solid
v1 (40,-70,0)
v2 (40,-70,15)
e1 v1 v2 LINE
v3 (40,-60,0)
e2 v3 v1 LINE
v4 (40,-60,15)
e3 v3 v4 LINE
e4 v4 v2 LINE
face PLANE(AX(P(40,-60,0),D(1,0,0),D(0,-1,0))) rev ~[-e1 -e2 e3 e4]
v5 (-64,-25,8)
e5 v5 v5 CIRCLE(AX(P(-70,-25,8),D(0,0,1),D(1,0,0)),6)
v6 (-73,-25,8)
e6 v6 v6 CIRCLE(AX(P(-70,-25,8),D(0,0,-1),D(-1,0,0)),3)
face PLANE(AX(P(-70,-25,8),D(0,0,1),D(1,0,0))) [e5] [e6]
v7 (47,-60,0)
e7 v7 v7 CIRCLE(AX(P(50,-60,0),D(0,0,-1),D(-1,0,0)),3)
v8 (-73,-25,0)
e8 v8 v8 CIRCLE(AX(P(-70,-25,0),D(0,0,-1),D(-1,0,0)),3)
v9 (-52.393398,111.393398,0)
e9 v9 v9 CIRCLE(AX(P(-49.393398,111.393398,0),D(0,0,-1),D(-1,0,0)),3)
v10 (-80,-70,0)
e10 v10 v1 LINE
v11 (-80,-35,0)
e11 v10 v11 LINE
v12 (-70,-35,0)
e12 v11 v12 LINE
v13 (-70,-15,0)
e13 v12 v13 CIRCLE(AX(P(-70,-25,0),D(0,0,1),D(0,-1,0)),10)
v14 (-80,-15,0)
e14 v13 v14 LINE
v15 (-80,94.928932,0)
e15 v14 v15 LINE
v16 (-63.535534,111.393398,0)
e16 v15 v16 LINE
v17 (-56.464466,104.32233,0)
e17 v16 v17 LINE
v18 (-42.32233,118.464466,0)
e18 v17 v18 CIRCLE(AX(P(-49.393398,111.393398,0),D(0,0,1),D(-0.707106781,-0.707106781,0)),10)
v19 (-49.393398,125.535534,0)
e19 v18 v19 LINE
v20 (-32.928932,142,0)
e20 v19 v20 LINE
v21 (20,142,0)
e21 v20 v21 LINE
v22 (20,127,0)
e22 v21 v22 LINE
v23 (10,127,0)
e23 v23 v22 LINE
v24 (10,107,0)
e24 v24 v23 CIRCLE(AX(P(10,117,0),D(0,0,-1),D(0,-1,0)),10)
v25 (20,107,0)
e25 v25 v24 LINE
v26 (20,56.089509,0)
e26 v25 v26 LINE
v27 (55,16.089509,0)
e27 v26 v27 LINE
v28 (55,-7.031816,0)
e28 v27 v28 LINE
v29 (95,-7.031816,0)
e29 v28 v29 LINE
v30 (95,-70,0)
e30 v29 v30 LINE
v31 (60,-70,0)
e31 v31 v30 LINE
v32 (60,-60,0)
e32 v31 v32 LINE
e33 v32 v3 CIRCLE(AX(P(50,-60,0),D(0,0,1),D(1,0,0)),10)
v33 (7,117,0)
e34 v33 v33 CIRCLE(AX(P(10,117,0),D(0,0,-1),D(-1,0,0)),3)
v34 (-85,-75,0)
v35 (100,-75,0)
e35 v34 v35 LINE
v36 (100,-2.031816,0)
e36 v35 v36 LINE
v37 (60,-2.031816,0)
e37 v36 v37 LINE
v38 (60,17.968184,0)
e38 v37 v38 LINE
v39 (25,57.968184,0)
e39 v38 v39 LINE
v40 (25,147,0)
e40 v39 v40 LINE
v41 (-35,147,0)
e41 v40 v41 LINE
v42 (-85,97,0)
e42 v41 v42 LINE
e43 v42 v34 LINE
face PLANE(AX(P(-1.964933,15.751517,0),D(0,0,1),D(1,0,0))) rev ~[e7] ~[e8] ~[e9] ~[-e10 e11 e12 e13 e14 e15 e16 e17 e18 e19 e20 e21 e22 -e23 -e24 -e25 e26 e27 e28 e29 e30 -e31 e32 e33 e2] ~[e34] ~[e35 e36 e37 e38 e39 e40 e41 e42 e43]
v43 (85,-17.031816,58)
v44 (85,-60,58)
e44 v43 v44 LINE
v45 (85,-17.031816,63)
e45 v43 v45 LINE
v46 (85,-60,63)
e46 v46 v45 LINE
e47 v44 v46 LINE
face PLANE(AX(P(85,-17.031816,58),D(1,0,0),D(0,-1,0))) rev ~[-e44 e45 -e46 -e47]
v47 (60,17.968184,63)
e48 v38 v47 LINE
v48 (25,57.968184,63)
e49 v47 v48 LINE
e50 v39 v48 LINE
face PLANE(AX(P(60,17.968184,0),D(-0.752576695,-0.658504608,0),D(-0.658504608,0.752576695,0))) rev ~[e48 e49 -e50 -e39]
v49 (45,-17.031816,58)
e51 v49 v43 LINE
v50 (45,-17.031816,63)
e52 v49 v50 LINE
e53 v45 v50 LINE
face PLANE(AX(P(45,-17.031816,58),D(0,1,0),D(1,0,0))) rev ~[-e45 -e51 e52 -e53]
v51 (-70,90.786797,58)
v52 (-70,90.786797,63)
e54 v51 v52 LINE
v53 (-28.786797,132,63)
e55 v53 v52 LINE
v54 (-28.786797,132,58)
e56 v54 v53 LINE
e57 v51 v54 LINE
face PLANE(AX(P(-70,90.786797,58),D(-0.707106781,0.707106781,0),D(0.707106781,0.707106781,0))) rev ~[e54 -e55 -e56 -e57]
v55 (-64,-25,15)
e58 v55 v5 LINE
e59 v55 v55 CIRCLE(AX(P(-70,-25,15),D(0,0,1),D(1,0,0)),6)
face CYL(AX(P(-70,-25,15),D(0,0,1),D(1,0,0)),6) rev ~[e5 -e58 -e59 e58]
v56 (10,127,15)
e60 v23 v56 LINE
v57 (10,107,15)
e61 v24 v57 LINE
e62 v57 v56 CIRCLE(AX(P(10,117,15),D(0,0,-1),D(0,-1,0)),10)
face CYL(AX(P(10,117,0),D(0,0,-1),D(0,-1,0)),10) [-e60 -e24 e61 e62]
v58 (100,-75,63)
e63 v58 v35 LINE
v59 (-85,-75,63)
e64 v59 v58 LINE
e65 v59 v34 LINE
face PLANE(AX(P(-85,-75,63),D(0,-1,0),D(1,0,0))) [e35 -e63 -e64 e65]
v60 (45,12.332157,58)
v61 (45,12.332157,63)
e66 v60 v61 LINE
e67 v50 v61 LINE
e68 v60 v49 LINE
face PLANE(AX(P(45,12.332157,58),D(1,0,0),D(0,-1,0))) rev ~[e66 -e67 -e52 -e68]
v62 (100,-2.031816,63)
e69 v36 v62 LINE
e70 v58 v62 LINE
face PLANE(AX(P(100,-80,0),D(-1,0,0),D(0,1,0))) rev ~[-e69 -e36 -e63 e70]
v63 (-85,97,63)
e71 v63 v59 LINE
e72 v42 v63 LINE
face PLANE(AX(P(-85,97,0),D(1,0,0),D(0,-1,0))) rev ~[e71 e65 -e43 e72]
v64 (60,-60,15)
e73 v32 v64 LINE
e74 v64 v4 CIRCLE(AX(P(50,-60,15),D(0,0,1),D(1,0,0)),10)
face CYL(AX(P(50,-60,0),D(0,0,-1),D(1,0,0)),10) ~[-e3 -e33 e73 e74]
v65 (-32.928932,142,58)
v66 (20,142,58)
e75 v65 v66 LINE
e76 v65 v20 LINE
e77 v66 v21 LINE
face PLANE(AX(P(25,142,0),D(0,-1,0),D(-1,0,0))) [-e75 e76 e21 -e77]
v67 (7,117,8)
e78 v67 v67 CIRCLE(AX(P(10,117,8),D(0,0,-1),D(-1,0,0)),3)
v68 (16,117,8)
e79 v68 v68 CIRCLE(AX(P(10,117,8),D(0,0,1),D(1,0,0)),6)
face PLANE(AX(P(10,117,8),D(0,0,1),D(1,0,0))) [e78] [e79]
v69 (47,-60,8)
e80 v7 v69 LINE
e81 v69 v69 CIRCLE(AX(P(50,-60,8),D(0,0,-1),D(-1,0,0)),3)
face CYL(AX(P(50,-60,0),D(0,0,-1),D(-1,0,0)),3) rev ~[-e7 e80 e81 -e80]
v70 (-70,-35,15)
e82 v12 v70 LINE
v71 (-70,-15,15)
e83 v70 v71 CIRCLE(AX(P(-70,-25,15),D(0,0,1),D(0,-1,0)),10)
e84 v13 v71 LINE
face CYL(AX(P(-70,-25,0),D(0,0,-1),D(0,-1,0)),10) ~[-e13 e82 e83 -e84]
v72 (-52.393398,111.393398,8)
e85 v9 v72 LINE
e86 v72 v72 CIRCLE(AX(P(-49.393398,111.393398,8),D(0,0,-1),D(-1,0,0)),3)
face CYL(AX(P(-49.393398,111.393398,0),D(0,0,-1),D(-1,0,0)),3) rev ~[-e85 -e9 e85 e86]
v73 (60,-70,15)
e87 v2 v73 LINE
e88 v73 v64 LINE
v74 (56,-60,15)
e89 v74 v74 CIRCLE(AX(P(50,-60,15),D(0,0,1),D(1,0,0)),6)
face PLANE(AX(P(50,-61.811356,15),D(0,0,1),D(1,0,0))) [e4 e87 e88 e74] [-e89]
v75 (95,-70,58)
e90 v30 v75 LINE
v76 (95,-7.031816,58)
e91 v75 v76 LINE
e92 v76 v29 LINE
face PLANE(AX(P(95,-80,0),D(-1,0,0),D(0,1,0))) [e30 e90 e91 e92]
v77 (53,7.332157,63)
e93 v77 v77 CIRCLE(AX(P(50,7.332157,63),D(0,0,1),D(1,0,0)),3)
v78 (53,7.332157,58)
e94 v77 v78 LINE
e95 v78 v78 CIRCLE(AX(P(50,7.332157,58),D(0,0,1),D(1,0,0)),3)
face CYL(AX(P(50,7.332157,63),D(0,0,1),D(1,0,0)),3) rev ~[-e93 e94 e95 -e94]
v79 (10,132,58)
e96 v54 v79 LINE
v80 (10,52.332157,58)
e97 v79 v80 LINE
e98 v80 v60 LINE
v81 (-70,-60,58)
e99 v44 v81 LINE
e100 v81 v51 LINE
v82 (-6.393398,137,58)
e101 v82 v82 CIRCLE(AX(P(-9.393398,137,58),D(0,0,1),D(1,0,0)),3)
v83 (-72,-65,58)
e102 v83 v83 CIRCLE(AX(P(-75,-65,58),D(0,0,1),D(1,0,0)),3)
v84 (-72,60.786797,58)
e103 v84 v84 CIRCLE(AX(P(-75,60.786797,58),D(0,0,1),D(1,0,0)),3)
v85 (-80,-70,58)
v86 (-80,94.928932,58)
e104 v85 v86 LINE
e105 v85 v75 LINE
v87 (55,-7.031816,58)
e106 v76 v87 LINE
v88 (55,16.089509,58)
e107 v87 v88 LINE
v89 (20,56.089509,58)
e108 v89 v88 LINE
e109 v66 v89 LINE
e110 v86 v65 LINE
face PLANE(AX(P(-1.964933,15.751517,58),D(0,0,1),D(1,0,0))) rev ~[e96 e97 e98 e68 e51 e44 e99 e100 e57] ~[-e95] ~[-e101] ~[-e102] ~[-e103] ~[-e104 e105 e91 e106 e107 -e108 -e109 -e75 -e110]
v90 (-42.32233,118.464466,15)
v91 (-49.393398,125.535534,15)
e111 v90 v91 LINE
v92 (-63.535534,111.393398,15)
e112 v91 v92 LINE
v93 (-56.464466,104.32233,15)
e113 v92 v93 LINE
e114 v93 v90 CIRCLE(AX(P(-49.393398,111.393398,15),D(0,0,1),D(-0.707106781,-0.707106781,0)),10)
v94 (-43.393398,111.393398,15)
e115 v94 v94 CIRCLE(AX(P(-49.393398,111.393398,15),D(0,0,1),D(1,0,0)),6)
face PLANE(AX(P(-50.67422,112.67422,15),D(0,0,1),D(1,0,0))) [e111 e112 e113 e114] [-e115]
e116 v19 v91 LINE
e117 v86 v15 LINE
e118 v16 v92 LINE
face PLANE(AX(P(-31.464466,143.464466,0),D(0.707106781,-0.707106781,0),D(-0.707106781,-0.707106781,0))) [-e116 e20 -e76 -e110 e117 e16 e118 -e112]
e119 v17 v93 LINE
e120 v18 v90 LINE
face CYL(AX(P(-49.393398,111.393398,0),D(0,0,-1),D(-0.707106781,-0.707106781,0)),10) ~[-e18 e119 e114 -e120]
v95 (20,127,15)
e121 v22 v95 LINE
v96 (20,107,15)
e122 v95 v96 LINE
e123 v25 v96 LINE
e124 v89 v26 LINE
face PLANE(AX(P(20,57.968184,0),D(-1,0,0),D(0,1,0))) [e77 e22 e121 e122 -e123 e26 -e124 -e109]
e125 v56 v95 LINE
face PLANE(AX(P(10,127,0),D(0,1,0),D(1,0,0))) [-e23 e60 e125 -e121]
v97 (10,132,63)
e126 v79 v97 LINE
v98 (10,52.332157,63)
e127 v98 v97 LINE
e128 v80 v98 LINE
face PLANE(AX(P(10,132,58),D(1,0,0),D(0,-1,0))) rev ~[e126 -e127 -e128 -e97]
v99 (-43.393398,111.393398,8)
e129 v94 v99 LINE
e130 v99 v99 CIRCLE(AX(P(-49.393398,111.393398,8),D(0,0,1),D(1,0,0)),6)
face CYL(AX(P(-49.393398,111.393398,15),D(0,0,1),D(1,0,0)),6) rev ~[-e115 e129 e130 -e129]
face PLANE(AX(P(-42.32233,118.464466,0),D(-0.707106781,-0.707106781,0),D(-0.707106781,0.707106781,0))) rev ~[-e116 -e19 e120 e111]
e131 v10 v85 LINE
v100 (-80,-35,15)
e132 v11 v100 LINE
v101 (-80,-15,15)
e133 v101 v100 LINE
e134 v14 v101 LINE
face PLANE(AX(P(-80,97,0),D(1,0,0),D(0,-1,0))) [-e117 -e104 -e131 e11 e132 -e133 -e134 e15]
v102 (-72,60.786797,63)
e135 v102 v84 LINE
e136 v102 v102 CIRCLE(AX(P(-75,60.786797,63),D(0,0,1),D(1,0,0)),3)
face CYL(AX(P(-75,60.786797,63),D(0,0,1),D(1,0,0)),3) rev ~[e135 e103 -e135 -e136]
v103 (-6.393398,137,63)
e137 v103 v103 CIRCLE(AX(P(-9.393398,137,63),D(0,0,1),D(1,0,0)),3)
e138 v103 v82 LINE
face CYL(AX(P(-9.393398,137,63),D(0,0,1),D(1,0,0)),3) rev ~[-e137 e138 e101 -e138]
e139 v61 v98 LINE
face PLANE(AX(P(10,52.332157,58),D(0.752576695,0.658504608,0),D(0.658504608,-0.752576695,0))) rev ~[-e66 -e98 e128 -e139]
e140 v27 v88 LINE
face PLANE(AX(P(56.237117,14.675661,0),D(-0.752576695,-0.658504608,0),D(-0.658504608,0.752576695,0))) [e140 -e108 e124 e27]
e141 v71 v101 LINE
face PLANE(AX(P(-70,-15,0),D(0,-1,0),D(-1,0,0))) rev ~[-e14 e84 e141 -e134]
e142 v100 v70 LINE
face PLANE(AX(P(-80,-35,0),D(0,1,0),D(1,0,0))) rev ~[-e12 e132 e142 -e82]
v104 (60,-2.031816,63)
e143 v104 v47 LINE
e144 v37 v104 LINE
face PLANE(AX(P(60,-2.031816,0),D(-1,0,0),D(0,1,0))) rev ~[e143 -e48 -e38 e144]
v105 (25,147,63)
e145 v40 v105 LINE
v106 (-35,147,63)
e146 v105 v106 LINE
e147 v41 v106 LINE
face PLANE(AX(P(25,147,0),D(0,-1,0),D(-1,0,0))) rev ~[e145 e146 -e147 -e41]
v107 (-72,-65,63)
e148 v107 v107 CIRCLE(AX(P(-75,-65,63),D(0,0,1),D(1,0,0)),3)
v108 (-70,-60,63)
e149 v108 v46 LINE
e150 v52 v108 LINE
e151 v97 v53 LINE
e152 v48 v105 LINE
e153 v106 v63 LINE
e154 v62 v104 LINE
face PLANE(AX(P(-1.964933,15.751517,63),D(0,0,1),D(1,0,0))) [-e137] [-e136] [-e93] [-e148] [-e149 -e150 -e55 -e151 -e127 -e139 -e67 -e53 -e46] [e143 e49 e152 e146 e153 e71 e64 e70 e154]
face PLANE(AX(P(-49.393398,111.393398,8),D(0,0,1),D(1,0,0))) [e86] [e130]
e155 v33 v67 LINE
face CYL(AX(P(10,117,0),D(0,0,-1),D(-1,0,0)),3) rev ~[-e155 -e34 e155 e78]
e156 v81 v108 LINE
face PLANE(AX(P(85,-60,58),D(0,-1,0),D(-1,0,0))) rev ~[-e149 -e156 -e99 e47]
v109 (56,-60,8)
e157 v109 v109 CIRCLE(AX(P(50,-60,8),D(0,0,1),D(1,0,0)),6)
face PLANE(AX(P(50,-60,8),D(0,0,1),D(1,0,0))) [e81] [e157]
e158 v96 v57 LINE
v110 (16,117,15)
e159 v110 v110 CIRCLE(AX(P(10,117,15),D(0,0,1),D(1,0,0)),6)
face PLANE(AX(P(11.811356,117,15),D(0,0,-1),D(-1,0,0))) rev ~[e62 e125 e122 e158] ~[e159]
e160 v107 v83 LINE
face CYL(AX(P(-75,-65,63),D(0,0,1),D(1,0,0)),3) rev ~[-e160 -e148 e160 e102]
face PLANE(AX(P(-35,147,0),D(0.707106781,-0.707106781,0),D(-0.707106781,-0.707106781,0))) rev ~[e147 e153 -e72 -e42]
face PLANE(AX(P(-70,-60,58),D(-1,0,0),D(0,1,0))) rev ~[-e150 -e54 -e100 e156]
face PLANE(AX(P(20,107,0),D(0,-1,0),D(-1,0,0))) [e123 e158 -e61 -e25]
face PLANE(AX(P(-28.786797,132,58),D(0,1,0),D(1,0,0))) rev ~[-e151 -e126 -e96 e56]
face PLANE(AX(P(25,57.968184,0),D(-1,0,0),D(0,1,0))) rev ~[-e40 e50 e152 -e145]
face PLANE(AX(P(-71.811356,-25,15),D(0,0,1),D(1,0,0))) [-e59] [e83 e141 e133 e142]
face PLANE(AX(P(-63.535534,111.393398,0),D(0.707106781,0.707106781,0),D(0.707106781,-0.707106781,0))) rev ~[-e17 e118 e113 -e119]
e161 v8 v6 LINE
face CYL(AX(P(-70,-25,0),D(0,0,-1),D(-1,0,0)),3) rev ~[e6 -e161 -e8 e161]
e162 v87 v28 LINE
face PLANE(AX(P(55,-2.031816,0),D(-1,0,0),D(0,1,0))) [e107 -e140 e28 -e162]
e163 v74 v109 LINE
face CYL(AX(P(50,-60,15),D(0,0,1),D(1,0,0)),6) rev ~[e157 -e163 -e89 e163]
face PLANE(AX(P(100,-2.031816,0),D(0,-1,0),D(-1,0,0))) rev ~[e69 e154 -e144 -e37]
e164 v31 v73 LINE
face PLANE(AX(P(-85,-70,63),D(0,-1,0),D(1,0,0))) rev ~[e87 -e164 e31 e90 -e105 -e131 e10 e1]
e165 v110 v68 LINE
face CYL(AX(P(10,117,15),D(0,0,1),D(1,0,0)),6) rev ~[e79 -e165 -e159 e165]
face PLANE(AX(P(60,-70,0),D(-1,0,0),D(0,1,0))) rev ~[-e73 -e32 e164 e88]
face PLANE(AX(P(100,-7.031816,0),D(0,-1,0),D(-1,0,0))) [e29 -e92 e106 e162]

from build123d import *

# Parameters (mm, degrees)
EXTRUDE_1_DEPTH     = 63
SKETCH_2_W          = 185
SKETCH_2_H          = 5
CUT_EXTRUDE_1_DEPTH = 114
SHELL_1_T           = -5
CUT_EXTRUDE_2_DEPTH = 10
EXTRUDE_2_DEPTH     = 15
SKETCH_5_R          = 3
CUT_EXTRUDE_3_DEPTH = 35
SKETCH_6_R          = 6
CUT_EXTRUDE_4_DEPTH = 7
SKETCH_8_R          = 3
CUT_EXTRUDE_5_DEPTH = 10


with BuildPart() as part:
    # 草图1 → 凸台-拉伸1 (new body)
    with BuildSketch(Plane.XY):
        Polygon((100, -2.031815791), (60, -2.031815791), (60, 17.968184209), (25, 57.968184209), (25, 147), (-35, 147), (-85, 97), (-85, -80), (100, -80), align=None)
    extrude(amount=EXTRUDE_1_DEPTH)

    # 草图2 → 切除-拉伸1 (cut)
    with BuildSketch(Plane.XY.offset(63)):
        with Locations((7.5, -77.5)):
            Rectangle(SKETCH_2_W, SKETCH_2_H)
    extrude(amount=-CUT_EXTRUDE_1_DEPTH, mode=Mode.SUBTRACT)

    # 抽壳1
    shell_1_openings = [part.faces().sort_by_distance(p)[0] for p in [
        (18.333333333, 34.763637426, 0),
    ]]
    offset(amount=SHELL_1_T, openings=shell_1_openings, kind=Kind.INTERSECTION)

    # 草图3 → 切除-拉伸2 (cut)
    with BuildSketch(Plane(origin=(0, 0, 58), x_dir=(-1, 0, 0), z_dir=(0, 0, -1))):
        Polygon((-85, -60), (70, -60), (70, 90.786796564), (28.786796564, 132), (-10, 132), (-10, 52.332157467), (-45, 12.332157467), (-45, -17.031815791), (-85, -17.031815791), align=None)
    extrude(amount=-CUT_EXTRUDE_2_DEPTH, mode=Mode.SUBTRACT)

    # 草图4 → 凸台-拉伸2 (add)
    with BuildSketch(Plane(origin=(0, 0, 0), x_dir=(-1, 0, 0), z_dir=(0, 0, -1))):
        with BuildLine():
            Line((63.535533906, 111.393398282), (56.464466094, 104.32233047))
            ThreePointArc((56.464466094, 104.32233047), (42.32233047, 104.32233047), (42.32233047, 118.464466094))
            Line((42.32233047, 118.464466094), (49.393398282, 125.535533906))
            Line((49.393398282, 125.535533906), (63.535533906, 111.393398282))
        make_face()
        with BuildLine():
            Line((70, -15), (80, -15))
            Line((80, -15), (80, -35))
            Line((80, -35), (70, -35))
            ThreePointArc((70, -35), (60, -25), (70, -15))
        make_face()
        with BuildLine():
            Line((-40, -60), (-40, -70))
            Line((-40, -70), (-60, -70))
            Line((-60, -70), (-60, -60))
            ThreePointArc((-60, -60), (-50, -50), (-40, -60))
        make_face()
        with BuildLine():
            Line((-10, 127), (-20, 127))
            Line((-20, 127), (-20, 107))
            Line((-20, 107), (-10, 107))
            ThreePointArc((-10, 107), (0, 117), (-10, 127))
        make_face()
    extrude(amount=-EXTRUDE_2_DEPTH)

    # 草图5 → 切除-拉伸3 (cut)
    with BuildSketch(Plane(origin=(0, 0, 0), x_dir=(-1, 0, 0), z_dir=(0, 0, -1))):
        with Locations((49.393398282, 111.393398282)):
            Circle(SKETCH_5_R)
        with Locations((-10, 117)):
            Circle(SKETCH_5_R)
        with Locations((70, -25)):
            Circle(SKETCH_5_R)
        with Locations((-50, -60)):
            Circle(SKETCH_5_R)
    extrude(amount=-CUT_EXTRUDE_3_DEPTH, mode=Mode.SUBTRACT)

    # 草图6 → 切除-拉伸4 (cut)
    with BuildSketch(Plane.XY.offset(15)):
        with Locations((10, 117)):
            Circle(SKETCH_6_R)
        with Locations((-49.393398282, 111.393398282)):
            Circle(SKETCH_6_R)
        with Locations((50, -60)):
            Circle(SKETCH_6_R)
        with Locations((-70, -25)):
            Circle(SKETCH_6_R)
    extrude(amount=-CUT_EXTRUDE_4_DEPTH, mode=Mode.SUBTRACT)

    # 草图8 → 切除-拉伸5 (cut)
    with BuildSketch(Plane.XY.offset(63)):
        with Locations((-9.393398282, 137)):
            Circle(SKETCH_8_R)
        with Locations((-75, -65)):
            Circle(SKETCH_8_R)
        with Locations((-75, 60.786796564)):
            Circle(SKETCH_8_R)
        with Locations((50, 7.332157467)):
            Circle(SKETCH_8_R)
    extrude(amount=-CUT_EXTRUDE_5_DEPTH, mode=Mode.SUBTRACT)


solid = part.part
